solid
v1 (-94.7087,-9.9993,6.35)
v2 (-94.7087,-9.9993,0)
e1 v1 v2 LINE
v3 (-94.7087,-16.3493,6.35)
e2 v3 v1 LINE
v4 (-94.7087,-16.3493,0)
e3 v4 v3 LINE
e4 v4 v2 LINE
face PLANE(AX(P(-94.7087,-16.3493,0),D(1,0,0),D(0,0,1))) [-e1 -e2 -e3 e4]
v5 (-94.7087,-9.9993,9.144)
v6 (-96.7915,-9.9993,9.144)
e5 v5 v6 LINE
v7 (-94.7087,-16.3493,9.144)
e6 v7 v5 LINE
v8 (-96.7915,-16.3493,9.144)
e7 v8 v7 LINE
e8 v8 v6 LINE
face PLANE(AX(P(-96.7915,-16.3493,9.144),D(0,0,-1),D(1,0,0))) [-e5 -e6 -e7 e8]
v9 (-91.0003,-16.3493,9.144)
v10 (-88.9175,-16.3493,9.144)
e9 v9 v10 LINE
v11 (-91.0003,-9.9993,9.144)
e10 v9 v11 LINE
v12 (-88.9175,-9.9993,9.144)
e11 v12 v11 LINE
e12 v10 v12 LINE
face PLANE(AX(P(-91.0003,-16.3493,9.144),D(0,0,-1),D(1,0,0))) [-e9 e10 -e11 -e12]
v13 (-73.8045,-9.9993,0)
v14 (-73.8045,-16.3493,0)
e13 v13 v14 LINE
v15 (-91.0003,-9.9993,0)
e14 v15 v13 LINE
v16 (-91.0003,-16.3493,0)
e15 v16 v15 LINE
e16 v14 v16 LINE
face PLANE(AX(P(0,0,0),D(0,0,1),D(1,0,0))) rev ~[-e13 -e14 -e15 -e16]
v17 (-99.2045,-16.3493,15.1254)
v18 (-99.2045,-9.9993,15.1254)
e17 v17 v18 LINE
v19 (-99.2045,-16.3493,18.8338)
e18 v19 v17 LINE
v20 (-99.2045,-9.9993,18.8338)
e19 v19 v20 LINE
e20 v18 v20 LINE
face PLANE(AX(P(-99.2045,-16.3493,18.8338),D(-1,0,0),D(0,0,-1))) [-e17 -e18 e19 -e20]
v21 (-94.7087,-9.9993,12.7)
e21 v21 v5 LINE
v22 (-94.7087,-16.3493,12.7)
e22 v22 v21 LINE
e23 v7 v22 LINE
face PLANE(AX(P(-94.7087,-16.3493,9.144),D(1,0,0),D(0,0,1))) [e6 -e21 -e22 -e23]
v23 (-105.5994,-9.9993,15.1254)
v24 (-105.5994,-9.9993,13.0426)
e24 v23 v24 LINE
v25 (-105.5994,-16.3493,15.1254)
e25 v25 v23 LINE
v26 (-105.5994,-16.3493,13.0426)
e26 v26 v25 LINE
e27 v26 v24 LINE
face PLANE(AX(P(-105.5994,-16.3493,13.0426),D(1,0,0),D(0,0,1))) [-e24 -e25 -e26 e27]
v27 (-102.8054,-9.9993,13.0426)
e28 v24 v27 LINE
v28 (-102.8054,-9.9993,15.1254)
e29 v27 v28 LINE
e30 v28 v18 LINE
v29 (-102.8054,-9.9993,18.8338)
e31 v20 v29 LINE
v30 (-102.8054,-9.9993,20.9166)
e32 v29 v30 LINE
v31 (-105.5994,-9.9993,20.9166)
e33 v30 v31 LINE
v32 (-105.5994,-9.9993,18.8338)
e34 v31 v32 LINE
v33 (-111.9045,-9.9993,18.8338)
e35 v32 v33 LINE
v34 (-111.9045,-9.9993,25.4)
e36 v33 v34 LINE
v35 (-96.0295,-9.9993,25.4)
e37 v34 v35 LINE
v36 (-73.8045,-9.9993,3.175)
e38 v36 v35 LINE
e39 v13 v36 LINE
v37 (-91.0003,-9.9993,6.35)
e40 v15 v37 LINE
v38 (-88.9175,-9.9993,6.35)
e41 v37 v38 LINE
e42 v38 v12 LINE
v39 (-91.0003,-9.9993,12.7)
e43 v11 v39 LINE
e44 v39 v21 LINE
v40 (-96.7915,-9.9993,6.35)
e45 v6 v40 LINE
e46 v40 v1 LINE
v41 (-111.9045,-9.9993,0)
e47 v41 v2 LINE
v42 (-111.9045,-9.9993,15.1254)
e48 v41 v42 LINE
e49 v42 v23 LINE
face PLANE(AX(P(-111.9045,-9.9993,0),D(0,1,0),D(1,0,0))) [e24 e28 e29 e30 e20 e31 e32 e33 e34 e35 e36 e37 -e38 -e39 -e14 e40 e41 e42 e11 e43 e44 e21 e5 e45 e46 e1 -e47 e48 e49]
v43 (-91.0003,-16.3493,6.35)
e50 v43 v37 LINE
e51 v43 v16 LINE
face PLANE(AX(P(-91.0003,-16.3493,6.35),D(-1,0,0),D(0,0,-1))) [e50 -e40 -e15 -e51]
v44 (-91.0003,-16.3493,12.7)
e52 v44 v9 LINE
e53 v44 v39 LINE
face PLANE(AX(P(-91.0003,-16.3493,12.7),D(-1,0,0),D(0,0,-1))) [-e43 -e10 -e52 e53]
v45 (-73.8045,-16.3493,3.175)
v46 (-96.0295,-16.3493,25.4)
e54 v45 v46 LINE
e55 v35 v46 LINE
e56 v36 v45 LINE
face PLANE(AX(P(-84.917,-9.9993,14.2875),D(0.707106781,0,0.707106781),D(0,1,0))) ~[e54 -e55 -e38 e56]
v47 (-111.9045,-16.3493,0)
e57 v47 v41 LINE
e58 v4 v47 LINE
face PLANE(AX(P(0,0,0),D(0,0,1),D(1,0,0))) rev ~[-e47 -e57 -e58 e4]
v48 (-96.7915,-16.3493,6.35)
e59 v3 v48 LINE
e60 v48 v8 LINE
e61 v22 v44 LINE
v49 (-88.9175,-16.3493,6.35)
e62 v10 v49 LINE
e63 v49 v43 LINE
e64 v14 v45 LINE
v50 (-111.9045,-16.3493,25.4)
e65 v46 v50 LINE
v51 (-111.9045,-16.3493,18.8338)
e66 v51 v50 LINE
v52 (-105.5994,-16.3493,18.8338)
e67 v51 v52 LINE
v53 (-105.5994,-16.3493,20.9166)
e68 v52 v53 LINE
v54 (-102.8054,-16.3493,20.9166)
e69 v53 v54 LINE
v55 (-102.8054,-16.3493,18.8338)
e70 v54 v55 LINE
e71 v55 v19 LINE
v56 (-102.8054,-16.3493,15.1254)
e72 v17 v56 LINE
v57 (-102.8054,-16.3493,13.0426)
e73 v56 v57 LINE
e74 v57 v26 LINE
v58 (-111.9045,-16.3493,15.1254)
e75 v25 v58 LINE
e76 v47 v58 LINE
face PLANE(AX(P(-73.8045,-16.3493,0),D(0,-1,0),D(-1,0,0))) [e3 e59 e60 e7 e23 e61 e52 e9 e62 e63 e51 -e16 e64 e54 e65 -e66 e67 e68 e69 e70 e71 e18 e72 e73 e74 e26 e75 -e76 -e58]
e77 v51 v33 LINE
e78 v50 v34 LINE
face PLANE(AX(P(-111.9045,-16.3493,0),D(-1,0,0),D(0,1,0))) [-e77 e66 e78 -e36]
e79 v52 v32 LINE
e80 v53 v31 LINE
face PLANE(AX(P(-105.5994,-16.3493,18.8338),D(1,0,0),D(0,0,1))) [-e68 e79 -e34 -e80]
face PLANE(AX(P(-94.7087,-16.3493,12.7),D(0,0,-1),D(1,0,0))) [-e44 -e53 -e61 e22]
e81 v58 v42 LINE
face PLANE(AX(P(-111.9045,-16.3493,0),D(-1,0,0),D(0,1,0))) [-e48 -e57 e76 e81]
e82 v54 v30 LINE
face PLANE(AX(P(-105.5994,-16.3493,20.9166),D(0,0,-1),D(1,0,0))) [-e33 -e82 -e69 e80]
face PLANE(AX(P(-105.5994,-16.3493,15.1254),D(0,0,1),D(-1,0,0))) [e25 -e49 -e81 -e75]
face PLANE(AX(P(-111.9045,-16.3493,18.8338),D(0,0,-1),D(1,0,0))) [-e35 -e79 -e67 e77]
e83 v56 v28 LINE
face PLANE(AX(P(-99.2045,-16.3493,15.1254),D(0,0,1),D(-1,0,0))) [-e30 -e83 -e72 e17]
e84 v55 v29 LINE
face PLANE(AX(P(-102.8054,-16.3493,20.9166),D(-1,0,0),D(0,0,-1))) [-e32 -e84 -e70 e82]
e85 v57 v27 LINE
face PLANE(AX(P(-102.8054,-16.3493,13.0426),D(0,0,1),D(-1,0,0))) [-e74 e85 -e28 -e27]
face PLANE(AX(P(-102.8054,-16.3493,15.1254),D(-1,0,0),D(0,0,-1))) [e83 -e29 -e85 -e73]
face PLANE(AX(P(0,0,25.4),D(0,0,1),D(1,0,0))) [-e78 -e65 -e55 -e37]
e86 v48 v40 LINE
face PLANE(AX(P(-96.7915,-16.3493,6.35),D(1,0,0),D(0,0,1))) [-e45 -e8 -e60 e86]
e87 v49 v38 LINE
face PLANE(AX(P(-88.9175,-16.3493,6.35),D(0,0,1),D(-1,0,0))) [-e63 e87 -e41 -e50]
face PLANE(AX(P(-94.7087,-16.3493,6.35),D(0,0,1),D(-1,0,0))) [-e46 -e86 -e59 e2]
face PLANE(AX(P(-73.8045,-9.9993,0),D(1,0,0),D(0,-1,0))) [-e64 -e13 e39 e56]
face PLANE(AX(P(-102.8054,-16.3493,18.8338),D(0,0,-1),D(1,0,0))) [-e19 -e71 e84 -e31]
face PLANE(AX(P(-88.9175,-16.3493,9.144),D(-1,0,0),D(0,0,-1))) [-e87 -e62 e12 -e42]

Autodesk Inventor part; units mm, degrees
ref_plane "YZ Plane" through (0, 0, 0) normal (1, 0, 0) x (0, 1, 0)
ref_plane "XZ Plane" through (0, 0, 0) normal (0, 1, 0) x (-1, 0, 0)
ref_plane "Work Plane1" through (0, 0, 0) normal (0, 0, 1) x (1, 0, 0)
sketch "Sketch1" plane through (0, 0, 0) normal (0, 0, 1) x (1, 0, 0)
  line L0 (41.9864, 2.5) -> (43.4368, -2.0363) construction
  arc A0 (41.9864, 2.5) -> (43.4368, -2.0363) centre (41.9864, 0) ccw construction
  line L1 (112.0586, -28.575) -> (85.0037, -28.575) construction
  line L2 (112.0586, 28.1043) -> (112.0586, -28.575) construction
  line L3 (83.2959, 28.1043) -> (112.0586, 28.1043) construction
  arc A1 (83.2959, 28.1043) -> (1.0011, 28.575) centre (41.9864, 0) ccw construction
  line L4 (-116.5414, 28.575) -> (1.0011, 28.575) construction
  line L5 (-116.5414, -29.0493) -> (-116.5414, 28.575) construction
  line L6 (-0.7121, -29.0493) -> (-116.5414, -29.0493) construction
  arc A2 (-0.7121, -29.0493) -> (85.0037, -28.575) centre (41.9864, 0) ccw construction
  line L7 (-110.1914, 28.575) -> (-110.1914, 24.0792) construction
  line L8 (-111.9045, -9.9993) -> (-73.8045, -9.9993)
  line L9 (-73.8045, -9.9993) -> (-73.8045, -16.3493)
  line L10 (-73.8045, -16.3493) -> (-111.9045, -16.3493)
  line L11 (-111.9045, -16.3493) -> (-111.9045, -9.9993)
  circle A3 centre (88.3718, 12.2257) radius 1.8542 projected
  circle A4 centre (108.8836, -22.6993) radius 1.8542 projected
  circle A5 centre (-92.8545, -12.7) radius 1.8542 projected
  circle A6 centre (-113.3664, 22.225) radius 1.8542 projected
  circle A7 centre (-92.8545, 12.2257) radius 1.8542 projected
  circle A8 centre (-113.3664, -22.6993) radius 1.8542 projected
  circle A9 centre (88.3718, -12.7) radius 1.8542 projected
  circle A10 centre (108.8836, 22.225) radius 1.8542 projected
  point P0 (0, 0)
  dimension "d0" = 38.1
  dimension "d1" = 6.35
  dimension "d2" = 12.7
extrude "Extrusion1" add sketch "Sketch1" along normal blind 25.4 contours L8 L9 L10 L11 | A5
chamfer "Chamfer1" distance 22.225 angle 45 1 edges at (-73.8045, -13.1743, 25.4)
sketch "Sketch2" plane through (-111.9045, -16.3493, 0) normal (0, -1, 0) x (1, 0, 0)
  line L0 (38.1, 0) -> (0, 0) projected
  line L1 (17.1958, 0) -> (20.9042, 0) projected
  line L2 (19.05, 12.7239) -> (19.05, -0.6753) construction
  line L3 (17.1958, 12.7) -> (20.9042, 12.7)
  line L4 (20.9042, 12.7) -> (20.9042, 0)
  line L5 (20.9042, 0) -> (17.1958, 0)
  line L6 (17.1958, 0) -> (17.1958, 12.7)
  line L7 (15.113, 9.144) -> (22.987, 9.144)
  line L8 (22.987, 9.144) -> (22.987, 6.35)
  line L9 (22.987, 6.35) -> (15.113, 6.35)
  line L10 (15.113, 6.35) -> (15.113, 9.144)
  line L11 (0, 0) -> (0, 25.4) projected
  line L12 (12.7, 18.8338) -> (12.7, 15.1254)
  line L13 (12.7, 15.1254) -> (0, 15.1254)
  line L14 (0, 18.8338) -> (12.7, 18.8338)
  line L15 (9.0991, 20.9166) -> (9.0991, 13.0426)
  line L16 (9.0991, 13.0426) -> (6.3051, 13.0426)
  line L17 (6.3051, 13.0426) -> (6.3051, 20.9166)
  line L18 (6.3051, 20.9166) -> (9.0991, 20.9166)
  point P0 (111.9045, 0)
  dimension "d8" = 7.874
  dimension "d9" = 2.794
  dimension "d10" = 3.937
  dimension "d11" = 3.937
  dimension "d12" = 1.9733
  dimension "d13" = 1.9733
  dimension "d14" = 6.35
  dimension "d15" = 12.7
extrude "Extrusion2" cut sketch "Sketch2" against normal through all
equation "\"d10\" = d11"
equation "\"d13\" = d12"
properties part number "cornerBrace"
